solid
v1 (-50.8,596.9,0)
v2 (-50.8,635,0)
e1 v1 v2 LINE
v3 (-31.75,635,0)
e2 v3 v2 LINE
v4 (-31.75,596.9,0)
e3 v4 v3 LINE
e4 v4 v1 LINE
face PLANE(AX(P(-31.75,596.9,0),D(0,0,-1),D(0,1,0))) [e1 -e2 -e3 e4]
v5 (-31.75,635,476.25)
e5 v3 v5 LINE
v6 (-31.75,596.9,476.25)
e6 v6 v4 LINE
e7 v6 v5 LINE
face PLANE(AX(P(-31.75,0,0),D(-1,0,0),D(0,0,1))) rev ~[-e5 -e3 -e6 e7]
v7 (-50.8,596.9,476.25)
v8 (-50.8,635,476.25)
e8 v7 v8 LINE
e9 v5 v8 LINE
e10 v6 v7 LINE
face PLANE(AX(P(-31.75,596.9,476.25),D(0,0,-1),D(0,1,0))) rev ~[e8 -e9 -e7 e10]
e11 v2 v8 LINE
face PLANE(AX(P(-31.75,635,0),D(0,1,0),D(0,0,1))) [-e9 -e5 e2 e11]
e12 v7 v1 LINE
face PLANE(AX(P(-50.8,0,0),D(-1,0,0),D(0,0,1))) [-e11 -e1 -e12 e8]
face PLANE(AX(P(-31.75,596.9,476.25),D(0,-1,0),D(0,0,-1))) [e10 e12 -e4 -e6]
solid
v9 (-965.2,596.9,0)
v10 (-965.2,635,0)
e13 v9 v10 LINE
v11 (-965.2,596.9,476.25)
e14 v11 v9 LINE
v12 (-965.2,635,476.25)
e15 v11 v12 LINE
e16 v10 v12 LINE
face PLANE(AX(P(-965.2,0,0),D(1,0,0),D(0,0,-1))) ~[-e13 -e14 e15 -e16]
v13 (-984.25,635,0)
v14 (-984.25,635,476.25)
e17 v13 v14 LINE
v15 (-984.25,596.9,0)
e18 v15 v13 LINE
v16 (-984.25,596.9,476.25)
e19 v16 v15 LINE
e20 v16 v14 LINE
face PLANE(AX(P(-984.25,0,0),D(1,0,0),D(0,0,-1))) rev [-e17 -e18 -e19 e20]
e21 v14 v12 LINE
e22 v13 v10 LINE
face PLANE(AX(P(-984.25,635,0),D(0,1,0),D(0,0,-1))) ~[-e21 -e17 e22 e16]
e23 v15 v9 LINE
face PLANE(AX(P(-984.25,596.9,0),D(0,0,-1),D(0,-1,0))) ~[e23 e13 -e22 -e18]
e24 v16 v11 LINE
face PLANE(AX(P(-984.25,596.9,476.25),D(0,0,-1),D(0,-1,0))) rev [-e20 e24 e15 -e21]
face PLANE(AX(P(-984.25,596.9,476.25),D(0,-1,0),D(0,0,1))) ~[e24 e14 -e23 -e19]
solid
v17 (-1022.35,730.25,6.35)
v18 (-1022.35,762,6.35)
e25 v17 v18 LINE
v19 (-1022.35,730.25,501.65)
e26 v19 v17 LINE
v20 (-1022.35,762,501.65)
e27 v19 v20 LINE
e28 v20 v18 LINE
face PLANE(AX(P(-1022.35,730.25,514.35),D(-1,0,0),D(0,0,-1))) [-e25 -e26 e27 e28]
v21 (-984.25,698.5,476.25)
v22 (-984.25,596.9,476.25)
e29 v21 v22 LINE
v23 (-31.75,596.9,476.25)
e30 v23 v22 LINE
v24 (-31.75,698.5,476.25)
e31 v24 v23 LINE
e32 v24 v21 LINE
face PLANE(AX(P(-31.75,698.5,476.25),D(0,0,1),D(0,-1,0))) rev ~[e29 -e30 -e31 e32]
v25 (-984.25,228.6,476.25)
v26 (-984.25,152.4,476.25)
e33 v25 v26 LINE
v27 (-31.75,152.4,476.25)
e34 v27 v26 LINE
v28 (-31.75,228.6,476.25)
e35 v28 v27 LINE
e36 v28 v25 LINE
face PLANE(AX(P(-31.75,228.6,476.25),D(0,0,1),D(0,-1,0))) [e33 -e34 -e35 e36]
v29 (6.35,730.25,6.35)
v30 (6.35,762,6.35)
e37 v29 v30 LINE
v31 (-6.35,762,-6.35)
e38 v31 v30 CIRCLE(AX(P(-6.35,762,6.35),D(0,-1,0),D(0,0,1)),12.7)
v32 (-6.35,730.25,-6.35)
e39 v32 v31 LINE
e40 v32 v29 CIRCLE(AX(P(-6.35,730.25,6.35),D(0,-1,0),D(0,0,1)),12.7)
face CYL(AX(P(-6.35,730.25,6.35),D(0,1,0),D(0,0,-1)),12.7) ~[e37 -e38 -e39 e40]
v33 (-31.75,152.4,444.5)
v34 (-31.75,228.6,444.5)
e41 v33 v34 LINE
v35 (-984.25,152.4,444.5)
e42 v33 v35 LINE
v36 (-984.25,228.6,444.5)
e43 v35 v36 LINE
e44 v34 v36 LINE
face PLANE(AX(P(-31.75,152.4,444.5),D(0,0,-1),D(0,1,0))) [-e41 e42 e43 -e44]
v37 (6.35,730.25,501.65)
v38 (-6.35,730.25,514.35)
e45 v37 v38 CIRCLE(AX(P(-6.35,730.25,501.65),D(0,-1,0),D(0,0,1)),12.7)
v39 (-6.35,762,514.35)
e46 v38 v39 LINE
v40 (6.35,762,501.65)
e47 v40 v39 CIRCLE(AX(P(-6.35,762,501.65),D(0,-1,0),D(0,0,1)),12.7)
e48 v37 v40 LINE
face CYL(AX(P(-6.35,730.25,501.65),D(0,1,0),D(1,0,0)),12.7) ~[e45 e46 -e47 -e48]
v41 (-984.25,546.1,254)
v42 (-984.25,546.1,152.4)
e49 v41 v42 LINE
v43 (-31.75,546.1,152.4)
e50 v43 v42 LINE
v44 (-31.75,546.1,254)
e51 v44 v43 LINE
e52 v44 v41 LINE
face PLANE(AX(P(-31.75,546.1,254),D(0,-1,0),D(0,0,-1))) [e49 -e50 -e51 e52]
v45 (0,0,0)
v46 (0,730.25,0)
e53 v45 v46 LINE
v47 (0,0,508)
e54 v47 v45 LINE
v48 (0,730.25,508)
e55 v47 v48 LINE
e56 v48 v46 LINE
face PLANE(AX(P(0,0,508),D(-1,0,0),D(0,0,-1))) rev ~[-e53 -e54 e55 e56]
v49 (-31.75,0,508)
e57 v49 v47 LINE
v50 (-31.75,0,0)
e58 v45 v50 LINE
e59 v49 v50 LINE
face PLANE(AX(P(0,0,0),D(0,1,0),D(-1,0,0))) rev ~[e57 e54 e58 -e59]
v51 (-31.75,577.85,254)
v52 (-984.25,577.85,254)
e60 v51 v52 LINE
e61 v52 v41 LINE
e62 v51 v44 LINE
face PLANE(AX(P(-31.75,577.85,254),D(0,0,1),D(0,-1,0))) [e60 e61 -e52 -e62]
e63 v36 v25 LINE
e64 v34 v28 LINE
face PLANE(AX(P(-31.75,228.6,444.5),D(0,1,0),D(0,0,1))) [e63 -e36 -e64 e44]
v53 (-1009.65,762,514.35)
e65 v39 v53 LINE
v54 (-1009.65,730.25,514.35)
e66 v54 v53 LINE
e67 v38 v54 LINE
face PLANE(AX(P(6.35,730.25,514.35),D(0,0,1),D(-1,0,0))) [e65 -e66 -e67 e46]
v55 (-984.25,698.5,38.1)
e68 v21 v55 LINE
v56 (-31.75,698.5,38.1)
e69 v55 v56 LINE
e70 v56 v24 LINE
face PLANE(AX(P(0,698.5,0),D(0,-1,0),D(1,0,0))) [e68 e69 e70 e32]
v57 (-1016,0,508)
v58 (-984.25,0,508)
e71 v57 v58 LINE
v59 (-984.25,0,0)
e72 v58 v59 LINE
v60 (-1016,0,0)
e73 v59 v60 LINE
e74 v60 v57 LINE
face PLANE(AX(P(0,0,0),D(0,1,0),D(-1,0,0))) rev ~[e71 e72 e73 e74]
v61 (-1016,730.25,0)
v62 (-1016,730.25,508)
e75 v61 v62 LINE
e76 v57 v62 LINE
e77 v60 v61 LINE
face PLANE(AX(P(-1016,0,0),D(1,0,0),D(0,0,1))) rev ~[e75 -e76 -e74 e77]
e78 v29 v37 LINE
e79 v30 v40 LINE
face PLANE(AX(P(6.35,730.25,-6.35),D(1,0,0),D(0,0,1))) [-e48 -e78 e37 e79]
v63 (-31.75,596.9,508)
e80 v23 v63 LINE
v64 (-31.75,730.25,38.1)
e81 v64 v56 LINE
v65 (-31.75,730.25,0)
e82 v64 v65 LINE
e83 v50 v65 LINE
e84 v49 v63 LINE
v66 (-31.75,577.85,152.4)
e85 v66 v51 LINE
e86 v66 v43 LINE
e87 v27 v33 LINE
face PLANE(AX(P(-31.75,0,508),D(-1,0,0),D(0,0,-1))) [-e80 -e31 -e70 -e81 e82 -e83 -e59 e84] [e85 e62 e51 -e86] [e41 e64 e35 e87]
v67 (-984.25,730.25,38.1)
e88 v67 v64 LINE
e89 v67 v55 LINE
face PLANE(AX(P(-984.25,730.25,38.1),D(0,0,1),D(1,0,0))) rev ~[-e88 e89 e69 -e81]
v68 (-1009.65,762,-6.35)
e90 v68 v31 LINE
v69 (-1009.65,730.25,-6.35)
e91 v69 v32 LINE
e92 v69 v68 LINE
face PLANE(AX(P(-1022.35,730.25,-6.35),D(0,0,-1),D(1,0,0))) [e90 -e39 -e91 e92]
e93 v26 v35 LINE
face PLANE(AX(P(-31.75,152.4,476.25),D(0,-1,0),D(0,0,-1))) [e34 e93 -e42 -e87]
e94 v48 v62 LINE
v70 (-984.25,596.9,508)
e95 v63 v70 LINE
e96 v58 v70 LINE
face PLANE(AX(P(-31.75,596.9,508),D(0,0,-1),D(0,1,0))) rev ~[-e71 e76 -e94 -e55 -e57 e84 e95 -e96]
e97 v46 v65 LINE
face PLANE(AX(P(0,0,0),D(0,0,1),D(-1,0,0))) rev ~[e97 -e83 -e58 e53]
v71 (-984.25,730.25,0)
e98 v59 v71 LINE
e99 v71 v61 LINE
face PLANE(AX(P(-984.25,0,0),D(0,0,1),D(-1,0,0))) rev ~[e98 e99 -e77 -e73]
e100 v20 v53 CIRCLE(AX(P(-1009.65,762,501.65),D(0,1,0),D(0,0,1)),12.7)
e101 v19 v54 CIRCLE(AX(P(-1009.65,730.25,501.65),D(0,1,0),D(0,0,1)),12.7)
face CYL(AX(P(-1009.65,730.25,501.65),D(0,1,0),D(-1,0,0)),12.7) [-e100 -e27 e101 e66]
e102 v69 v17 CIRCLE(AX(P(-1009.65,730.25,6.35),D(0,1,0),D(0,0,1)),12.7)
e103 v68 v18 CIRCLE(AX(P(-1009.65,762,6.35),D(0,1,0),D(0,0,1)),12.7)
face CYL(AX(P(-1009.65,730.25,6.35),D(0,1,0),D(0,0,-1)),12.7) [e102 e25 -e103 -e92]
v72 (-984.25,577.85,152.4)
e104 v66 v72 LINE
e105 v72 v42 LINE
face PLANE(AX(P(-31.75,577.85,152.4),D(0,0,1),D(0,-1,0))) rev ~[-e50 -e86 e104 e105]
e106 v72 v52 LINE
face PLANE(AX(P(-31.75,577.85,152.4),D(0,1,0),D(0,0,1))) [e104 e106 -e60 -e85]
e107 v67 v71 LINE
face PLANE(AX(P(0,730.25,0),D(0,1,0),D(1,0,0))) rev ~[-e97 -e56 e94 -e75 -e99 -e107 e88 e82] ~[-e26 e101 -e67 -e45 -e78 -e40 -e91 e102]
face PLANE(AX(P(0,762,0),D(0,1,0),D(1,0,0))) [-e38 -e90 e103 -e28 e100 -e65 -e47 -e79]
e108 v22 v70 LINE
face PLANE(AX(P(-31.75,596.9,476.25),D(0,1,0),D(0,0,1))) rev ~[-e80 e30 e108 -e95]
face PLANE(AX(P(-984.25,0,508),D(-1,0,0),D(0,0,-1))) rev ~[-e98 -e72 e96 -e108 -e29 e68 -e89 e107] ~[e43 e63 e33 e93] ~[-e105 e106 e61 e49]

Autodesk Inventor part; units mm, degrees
ref_plane "YZ Plane" through (0, 0, 0) normal (1, 0, 0) x (0, 1, 0)
ref_plane "XZ Plane" through (0, 0, 0) normal (0, 1, 0) x (-1, 0, 0)
sketch "Sketch1" plane through (0, 0, 0) normal (0, 1, 0) x (-1, 0, 0)
  point P0 (0, 0)
sketch "Sketch2" plane through (0, 0, 0) normal (0, 1, 0) x (-1, 0, 0)
  line L0 (0, 0) -> (1016, 0)
  line L1 (1016, 0) -> (1016, 508)
  line L2 (1016, 508) -> (0, 508)
  line L3 (0, 508) -> (0, 0)
  line L4 (0, 508) -> (31.75, 508)
  line L5 (31.75, 508) -> (31.75, 0)
  line L6 (31.75, 0) -> (0, 0)
  line L7 (0, 0) -> (0, 508)
  line L8 (1016, 508) -> (984.25, 508)
  line L9 (984.25, 508) -> (984.25, 0)
  line L10 (984.25, 0) -> (1016, 0)
  line L11 (1016, 0) -> (1016, 508)
  dimension "d0" = 1016
  dimension "d1" = 508
  dimension "d2" = 31.75
  dimension "d3" = 31.75
extrude "Extrusion1" add sketch "Sketch2" along normal blind 730.25 contours L3 L2 L5 L0 | L9 L2 L1 L0
sketch "Sketch3" plane through (0, 730.25, 0) normal (0, 1, 0) x (1, 0, 0)
  line L0 (0, -508) -> (0, 0) projected
  line L1 (-1016, 0) -> (-1016, -508) projected
  line L2 (0, 0) -> (-1016, 0)
  line L3 (-1016, 0) -> (-1016, -508)
  line L4 (-1016, -508) -> (0, -508)
  line L5 (0, -508) -> (0, 0)
  line L6 (-1022.35, 6.35) -> (6.35, 6.35)
  line L7 (6.35, 6.35) -> (6.35, -514.35)
  line L8 (6.35, -514.35) -> (-1022.35, -514.35)
  line L9 (-1022.35, -514.35) -> (-1022.35, 6.35)
  dimension "d6" = 6.35
extrude "Extrusion2" add sketch "Sketch3" along normal blind 31.75 contours L4 L1 L2 L0 | L6 L7 L8 L9
sketch "Sketch4" plane through (0, 730.25, 0) normal (0, -1, 0) x (1, 0, 0)
  line L0 (-984.25, 508) -> (-984.25, 0) projected
  line L1 (-31.75, 508) -> (-984.25, 508)
  line L2 (-984.25, 508) -> (-984.25, 38.1)
  line L3 (-984.25, 38.1) -> (-31.75, 38.1)
  line L4 (-31.75, 38.1) -> (-31.75, 508)
  point P0 (0, 0)
  dimension "d9" = 469.9
extrude "Extrusion3" add sketch "Sketch4" along normal blind 31.75
fillet "Fillet1" radius 12.7 4 edges at (6.35, 746.125, -6.35) (-1022.35, 746.125, -6.35) (-1022.35, 746.125, 514.35) (6.35, 746.125, 514.35)
sketch "Sketch5" plane through (-31.75, 0, 0) normal (-1, 0, 0) x (0, 0, 1)
  line L0 (0, 0) -> (0, 730.25) projected
  line L1 (508, 0) -> (508, 730.25) projected
  line L2 (0, 577.85) -> (508, 577.85)
  line L3 (508, 577.85) -> (508, 546.1)
  line L4 (508, 546.1) -> (0, 546.1)
  line L5 (0, 546.1) -> (0, 577.85)
  line L6 (0, 730.25) -> (38.1, 730.25) projected
  line L7 (152.4, 577.85) -> (152.4, 546.1)
  line L8 (254, 577.85) -> (254, 546.1)
  point P0 (0, 546.1)
  dimension "d13" = 152.4
  dimension "d14" = 31.75
  dimension "d17" = 152.4
extrude "Extrusion4" add sketch "Sketch5" along normal up to surface (952.5 mm away) contours L7 L2 L8 L4
sketch "Sketch6" plane through (-31.75, 0, 0) normal (-1, 0, 0) x (0, 0, 1)
  line L0 (0, 0) -> (508, 0) projected
  line L1 (508, 0) -> (508, 730.25) projected
  line L2 (0, 730.25) -> (508, 730.25) projected
  line L3 (0, 0) -> (0, 730.25) projected
  line L4 (6.35, 730.25) -> (501.65, 730.25) projected
  line L5 (444.5, 228.6) -> (476.25, 228.6)
  line L6 (476.25, 228.6) -> (476.25, 152.4)
  line L7 (476.25, 152.4) -> (444.5, 152.4)
  line L8 (444.5, 152.4) -> (444.5, 228.6)
  point P0 (476.25, 190.5)
  dimension "d18" = 31.75
  dimension "d19" = 76.2
  dimension "d20" = 31.75
  dimension "d21" = 152.4
extrude "Extrusion5" add sketch "Sketch6" along normal up to surface (952.5 mm away) contours L5 L6 L7 L8
sketch "Sketch7" plane through (-31.75, 0, 0) normal (-1, 0, 0) x (0, 0, 1)
  line L0 (508, 698.5) -> (38.1, 698.5) projected
  line L1 (508, 698.5) -> (476.25, 698.5)
  line L2 (476.25, 698.5) -> (476.25, 596.9)
  line L3 (476.25, 596.9) -> (508, 596.9)
  line L4 (508, 596.9) -> (508, 698.5)
  point P0 (0, 0)
  dimension "d24" = 31.75
  dimension "d25" = 101.6
extrude "Extrusion6" add sketch "Sketch7" along normal up to surface (952.5 mm away)
sketch "Sketch8" plane through (-31.75, 0, 0) normal (-1, 0, 0) x (0, 0, 1)
  line L0 (476.25, 596.9) -> (476.25, 698.5) projected
  line L1 (0, 635) -> (476.25, 635)
  line L2 (476.25, 635) -> (476.25, 596.9)
  line L3 (476.25, 596.9) -> (0, 596.9)
  line L4 (0, 596.9) -> (0, 635)
  line L5 (0, 0) -> (0, 730.25) projected
  dimension "d28" = 38.1
extrude "Extrusion7" add sketch "Sketch8" along normal blind 19.05 separate body
ref_plane "Work Plane1" through (-508, 0, 0) normal (-1, 0, 0) x (0, 0, 1)
mirror "Mirror1" about plane through (-508, 0, 0) normal (-1, 0, 0) of "Extrusion7" bodies 2
properties part number "Desk" material "Wood (Birch)"
